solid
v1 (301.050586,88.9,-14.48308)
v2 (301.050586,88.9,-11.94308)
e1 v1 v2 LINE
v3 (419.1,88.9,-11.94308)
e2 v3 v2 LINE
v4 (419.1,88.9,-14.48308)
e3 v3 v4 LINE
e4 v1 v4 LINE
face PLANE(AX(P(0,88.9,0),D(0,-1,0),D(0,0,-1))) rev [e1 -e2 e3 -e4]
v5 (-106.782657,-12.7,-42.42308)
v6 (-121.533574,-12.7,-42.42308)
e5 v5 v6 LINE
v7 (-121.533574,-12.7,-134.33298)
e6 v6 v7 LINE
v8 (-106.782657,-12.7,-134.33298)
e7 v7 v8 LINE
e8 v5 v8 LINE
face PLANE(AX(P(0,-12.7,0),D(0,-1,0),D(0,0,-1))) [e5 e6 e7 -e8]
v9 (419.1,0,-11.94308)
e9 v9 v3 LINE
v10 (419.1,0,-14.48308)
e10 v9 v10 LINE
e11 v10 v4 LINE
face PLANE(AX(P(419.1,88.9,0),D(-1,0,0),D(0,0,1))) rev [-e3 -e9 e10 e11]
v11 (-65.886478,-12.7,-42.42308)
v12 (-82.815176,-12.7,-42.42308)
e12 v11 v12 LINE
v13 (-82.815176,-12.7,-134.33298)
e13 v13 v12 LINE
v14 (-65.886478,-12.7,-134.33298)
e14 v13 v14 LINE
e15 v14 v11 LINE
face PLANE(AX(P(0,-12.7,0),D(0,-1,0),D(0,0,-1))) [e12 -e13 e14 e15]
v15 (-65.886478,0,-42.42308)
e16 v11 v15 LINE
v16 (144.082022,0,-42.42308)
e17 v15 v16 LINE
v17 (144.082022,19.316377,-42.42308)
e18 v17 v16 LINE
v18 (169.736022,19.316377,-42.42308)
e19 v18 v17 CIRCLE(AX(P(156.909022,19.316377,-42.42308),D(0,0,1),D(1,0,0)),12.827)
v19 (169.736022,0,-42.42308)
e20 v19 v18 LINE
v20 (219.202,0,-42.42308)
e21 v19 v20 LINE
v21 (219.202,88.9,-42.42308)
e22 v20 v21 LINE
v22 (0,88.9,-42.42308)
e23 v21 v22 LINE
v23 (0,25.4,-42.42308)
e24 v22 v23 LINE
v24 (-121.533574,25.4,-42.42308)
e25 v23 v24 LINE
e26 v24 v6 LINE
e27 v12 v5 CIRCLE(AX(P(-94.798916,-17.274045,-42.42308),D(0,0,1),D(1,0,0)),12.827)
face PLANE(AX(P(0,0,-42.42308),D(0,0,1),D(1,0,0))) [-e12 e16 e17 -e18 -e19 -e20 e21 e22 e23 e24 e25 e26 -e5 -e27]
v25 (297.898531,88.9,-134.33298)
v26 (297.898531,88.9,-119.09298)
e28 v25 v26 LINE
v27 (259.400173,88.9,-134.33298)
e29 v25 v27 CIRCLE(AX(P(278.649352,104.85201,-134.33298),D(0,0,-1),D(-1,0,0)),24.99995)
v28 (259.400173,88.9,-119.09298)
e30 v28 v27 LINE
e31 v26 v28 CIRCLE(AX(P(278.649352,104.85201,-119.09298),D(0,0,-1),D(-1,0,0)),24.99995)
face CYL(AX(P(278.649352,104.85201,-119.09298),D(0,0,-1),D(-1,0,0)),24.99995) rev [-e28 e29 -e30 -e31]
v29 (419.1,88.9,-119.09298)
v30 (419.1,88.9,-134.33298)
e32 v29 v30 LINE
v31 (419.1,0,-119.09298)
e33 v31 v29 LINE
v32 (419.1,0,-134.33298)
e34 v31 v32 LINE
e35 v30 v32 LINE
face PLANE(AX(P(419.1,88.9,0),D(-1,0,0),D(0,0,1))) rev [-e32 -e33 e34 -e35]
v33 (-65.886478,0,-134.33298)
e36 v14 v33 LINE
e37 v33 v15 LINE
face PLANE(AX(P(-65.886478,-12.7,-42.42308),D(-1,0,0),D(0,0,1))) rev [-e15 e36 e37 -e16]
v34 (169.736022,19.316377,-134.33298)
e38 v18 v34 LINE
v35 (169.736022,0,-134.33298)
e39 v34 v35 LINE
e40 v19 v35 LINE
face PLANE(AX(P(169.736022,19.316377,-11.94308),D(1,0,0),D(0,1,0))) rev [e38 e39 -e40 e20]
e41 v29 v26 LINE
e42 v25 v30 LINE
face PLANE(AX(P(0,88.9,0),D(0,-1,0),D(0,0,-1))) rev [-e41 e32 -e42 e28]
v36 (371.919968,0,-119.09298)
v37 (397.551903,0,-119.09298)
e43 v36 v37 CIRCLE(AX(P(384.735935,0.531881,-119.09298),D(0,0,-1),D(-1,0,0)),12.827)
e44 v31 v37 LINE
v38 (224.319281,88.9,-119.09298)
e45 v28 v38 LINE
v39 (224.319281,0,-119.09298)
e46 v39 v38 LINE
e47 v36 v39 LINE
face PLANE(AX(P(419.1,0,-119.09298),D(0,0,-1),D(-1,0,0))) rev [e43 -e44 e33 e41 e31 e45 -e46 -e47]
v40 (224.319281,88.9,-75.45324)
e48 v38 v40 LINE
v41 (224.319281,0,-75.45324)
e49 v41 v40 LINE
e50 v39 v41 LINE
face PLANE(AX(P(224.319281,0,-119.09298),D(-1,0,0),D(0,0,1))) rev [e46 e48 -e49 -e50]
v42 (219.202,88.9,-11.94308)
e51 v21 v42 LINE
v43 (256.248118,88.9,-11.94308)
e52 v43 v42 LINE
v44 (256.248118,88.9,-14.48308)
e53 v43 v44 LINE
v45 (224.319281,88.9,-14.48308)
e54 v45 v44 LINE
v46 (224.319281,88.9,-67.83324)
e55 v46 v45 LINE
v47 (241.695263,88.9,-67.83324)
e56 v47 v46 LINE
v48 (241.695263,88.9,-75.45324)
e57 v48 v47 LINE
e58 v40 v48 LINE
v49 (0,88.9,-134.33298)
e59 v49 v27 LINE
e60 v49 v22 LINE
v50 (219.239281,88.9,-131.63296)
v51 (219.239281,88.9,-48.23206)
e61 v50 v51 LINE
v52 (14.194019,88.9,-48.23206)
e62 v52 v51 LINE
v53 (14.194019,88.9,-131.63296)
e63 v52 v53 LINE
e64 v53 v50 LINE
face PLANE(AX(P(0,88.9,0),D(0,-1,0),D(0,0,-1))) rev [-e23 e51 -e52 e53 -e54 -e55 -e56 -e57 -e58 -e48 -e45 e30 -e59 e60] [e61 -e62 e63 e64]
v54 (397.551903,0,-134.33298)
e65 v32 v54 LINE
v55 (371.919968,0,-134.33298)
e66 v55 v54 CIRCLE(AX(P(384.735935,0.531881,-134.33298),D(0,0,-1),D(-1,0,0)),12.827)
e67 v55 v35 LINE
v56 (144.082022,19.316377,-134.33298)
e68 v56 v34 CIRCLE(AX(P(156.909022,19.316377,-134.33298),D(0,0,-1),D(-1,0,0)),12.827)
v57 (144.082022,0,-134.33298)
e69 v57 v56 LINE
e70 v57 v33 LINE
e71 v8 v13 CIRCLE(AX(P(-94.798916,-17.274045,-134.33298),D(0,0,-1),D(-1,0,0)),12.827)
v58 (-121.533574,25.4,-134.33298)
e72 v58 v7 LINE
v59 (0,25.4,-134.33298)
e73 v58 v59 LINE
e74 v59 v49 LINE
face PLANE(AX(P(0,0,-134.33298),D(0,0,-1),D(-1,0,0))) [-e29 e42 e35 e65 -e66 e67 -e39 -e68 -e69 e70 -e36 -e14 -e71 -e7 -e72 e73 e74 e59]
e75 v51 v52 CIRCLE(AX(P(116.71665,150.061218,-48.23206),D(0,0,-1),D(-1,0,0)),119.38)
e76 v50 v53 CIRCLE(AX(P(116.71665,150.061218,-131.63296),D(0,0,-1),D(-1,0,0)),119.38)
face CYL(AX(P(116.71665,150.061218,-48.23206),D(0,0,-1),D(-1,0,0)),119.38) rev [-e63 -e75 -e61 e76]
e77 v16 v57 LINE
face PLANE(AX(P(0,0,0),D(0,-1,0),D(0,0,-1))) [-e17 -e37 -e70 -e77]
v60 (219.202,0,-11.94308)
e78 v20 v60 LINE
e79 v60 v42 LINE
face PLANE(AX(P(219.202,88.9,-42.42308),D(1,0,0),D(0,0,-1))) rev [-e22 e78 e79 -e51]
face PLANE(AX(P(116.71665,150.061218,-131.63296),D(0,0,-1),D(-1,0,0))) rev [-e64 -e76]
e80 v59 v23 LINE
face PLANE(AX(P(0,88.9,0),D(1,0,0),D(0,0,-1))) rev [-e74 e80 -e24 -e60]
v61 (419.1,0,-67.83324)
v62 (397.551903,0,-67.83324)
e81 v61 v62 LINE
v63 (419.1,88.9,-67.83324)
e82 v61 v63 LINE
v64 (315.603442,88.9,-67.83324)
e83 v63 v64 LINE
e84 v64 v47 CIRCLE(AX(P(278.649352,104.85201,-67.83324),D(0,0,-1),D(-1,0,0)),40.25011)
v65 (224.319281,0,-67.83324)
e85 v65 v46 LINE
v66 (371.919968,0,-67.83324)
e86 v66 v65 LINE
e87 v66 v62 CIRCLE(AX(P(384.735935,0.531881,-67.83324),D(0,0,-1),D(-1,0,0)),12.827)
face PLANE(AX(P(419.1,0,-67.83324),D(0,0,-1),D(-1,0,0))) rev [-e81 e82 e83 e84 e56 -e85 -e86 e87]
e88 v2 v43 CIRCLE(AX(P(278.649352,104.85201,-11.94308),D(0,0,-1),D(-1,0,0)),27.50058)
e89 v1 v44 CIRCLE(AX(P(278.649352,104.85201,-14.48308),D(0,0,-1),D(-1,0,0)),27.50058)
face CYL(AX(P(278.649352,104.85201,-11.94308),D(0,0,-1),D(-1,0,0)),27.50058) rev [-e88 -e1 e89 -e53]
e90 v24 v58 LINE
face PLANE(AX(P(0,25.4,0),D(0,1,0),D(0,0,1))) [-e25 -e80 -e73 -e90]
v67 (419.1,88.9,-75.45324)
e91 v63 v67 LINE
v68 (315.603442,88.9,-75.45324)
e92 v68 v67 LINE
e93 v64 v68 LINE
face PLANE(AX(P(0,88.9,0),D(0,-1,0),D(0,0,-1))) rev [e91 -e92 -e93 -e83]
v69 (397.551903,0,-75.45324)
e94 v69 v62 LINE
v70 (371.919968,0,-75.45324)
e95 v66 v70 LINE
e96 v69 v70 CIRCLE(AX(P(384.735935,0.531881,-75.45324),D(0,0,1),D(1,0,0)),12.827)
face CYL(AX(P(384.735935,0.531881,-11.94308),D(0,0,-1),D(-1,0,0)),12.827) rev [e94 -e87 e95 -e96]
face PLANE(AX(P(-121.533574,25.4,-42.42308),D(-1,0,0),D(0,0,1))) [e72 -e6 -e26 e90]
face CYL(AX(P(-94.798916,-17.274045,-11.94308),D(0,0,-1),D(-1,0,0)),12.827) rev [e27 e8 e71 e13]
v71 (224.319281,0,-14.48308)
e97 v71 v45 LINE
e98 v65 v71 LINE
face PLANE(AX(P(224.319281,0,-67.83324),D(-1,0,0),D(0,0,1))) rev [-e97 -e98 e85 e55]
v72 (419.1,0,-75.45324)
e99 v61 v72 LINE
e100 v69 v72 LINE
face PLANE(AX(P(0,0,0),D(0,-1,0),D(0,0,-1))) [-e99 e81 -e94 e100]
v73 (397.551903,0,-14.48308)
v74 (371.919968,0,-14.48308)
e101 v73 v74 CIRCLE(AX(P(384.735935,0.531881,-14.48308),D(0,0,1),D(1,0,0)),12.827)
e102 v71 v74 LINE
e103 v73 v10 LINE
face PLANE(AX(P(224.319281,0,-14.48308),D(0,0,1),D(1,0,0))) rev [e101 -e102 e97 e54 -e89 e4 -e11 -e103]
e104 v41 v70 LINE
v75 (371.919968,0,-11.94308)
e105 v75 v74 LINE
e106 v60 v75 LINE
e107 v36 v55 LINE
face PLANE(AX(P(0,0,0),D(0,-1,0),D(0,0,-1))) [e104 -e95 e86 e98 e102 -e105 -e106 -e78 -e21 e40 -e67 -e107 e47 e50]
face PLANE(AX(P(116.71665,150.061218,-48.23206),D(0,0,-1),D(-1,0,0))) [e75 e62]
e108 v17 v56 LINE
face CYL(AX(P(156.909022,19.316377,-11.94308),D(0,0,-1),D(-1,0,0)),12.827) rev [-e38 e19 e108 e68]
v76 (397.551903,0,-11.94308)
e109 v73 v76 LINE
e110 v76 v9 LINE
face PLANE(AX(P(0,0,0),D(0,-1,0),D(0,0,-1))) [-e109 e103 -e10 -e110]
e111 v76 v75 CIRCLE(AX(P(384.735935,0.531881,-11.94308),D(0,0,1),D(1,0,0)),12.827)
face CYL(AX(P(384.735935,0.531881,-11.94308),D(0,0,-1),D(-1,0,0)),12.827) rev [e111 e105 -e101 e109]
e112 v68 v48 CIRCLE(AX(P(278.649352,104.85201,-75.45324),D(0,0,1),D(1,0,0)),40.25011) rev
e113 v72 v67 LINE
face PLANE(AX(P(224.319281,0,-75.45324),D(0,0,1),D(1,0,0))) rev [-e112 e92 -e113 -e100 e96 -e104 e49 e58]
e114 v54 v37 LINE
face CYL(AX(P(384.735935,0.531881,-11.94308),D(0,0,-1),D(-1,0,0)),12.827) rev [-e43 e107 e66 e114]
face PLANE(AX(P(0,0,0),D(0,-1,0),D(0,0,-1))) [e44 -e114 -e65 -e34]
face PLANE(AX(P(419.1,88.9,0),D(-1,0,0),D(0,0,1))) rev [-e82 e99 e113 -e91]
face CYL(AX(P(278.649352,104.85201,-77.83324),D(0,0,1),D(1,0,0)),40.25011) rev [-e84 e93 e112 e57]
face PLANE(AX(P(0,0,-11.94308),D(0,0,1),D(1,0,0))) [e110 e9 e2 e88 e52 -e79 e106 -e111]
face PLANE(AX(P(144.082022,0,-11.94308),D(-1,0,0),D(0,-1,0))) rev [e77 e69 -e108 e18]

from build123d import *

# Parameters (mm, degrees)
SKETCH1_W           = 419.1
SKETCH1_H           = 142.18412
BOSS_EXTRUDE1_DEPTH = 88.9
SKETCH2_R           = 119.38
CUT_EXTRUDE1_DEPTH  = 83.4009
SKETCH7_W           = 194.780719179
SKETCH7_H           = 43.63974
SKETCH7_H_2         = 53.35016
CUT_EXTRUDE2_DEPTH  = 452.402640644
SKETCH3_R           = 24.99995
CUT_EXTRUDE3_DEPTH  = 15.24
SKETCH4_R           = 40.25011
CUT_EXTRUDE4_DEPTH  = 10
SKETCH5_R           = 27.50058
CUT_EXTRUDE5_DEPTH  = 2.54
SKETCH8_W           = 419.1
SKETCH8_H           = 88.9
CUT_EXTRUDE6_DEPTH  = 7.85114
SKETCH9_W           = 419.1
SKETCH9_H           = 88.9
CUT_EXTRUDE7_DEPTH  = 11.94308
SKETCH10_W          = 219.202
SKETCH10_H          = 88.9
CUT_EXTRUDE8_DEPTH  = 30.48
SKETCH12_W          = 121.533574186
SKETCH12_H          = 91.9099
BOSS_EXTRUDE2_DEPTH = 25.4
SKETCH14_W          = 55.647095764
SKETCH14_H          = 91.9099
BOSS_EXTRUDE3_DEPTH = 12.7
SKETCH17_R          = 12.827
CUT_EXTRUDE10_DEPTH = 446.564033133


with BuildPart() as part:
    # Sketch1 → Boss-Extrude1 (new body)
    with BuildSketch(Plane(origin=(0, 0, 0), x_dir=(1, 0, 0), z_dir=(0, 1, 0))):
        with Locations((209.55, 71.09206)):
            Rectangle(SKETCH1_W, SKETCH1_H)
    extrude(amount=BOSS_EXTRUDE1_DEPTH)

    # Sketch2 → Cut-Extrude1 (cut)
    with BuildSketch(Plane(origin=(0, 0, -131.63296), x_dir=(-1, 0, 0), z_dir=(0, 0, -1))):
        with Locations((-116.7166499, 150.061217688)):
            Circle(SKETCH2_R)
    extrude(amount=-CUT_EXTRUDE1_DEPTH, mode=Mode.SUBTRACT)

    # Sketch7 → Cut-Extrude2 (cut, through all)
    with BuildSketch(Plane(origin=(0, 88.9, 0), x_dir=(1, 0, 0), z_dir=(0, 1, 0))):
        with Locations((321.709640411, 97.27311)):
            Rectangle(SKETCH7_W, SKETCH7_H)
        with Locations((321.709640411, 41.15816)):
            Rectangle(SKETCH7_W, SKETCH7_H_2)
    extrude(amount=-CUT_EXTRUDE2_DEPTH, mode=Mode.SUBTRACT)

    # Sketch3 → Cut-Extrude3 (cut)
    with BuildSketch(Plane(origin=(0, 0, -134.33298), x_dir=(-1, 0, 0), z_dir=(0, 0, -1))):
        with Locations((-278.649352085, 104.852009966)):
            Circle(SKETCH3_R)
    extrude(amount=-CUT_EXTRUDE3_DEPTH, mode=Mode.SUBTRACT)

    # Sketch4 → Cut-Extrude4 (cut)
    with BuildSketch(Plane(origin=(0, 0, -67.83324), x_dir=(-1, 0, 0), z_dir=(0, 0, -1))):
        with Locations((-278.649352085, 104.852009966)):
            Circle(SKETCH4_R)
    extrude(amount=CUT_EXTRUDE4_DEPTH, mode=Mode.SUBTRACT)

    # Sketch5 → Cut-Extrude5 (cut)
    with BuildSketch(Plane(origin=(0, 0, -14.48308), x_dir=(-1, 0, 0), z_dir=(0, 0, -1))):
        with Locations((-278.649352085, 104.852009966)):
            Circle(SKETCH5_R)
    extrude(amount=-CUT_EXTRUDE5_DEPTH, mode=Mode.SUBTRACT)

    # Sketch8 → Cut-Extrude6 (cut)
    with BuildSketch(Plane(origin=(0, 0, -142.18412), x_dir=(-1, 0, 0), z_dir=(0, 0, -1))):
        with Locations((-209.55, 44.45)):
            Rectangle(SKETCH8_W, SKETCH8_H)
    extrude(amount=-CUT_EXTRUDE6_DEPTH, mode=Mode.SUBTRACT)

    # Sketch9 → Cut-Extrude7 (cut)
    with BuildSketch(Plane.XY):
        with Locations((209.55, 44.45)):
            Rectangle(SKETCH9_W, SKETCH9_H)
    extrude(amount=-CUT_EXTRUDE7_DEPTH, mode=Mode.SUBTRACT)

    # Sketch10 → Cut-Extrude8 (cut)
    with BuildSketch(Plane.XY.offset(-11.94308)):
        with Locations((109.601, 44.45)):
            Rectangle(SKETCH10_W, SKETCH10_H)
    extrude(amount=-CUT_EXTRUDE8_DEPTH, mode=Mode.SUBTRACT)

    # Sketch12 → Boss-Extrude2 (add)
    with BuildSketch(Plane.XZ):
        with Locations((-60.766787093, -88.37803)):
            Rectangle(SKETCH12_W, SKETCH12_H)
    extrude(amount=-BOSS_EXTRUDE2_DEPTH)

    # Sketch14 → Boss-Extrude3 (add)
    with BuildSketch(Plane.XZ):
        with Locations((-93.710026304, -88.37803)):
            Rectangle(SKETCH14_W, SKETCH14_H)
    extrude(amount=BOSS_EXTRUDE3_DEPTH)

    # Sketch17 → Cut-Extrude10 (cut, through all)
    with BuildSketch(Plane(origin=(0, 0, -134.33298), x_dir=(-1, 0, 0), z_dir=(0, 0, -1))):
        with Locations((-384.735935495, 0.531880938)):
            Circle(SKETCH17_R)
        with Locations((94.798916194, -17.274045482)):
            Circle(SKETCH17_R)
        with BuildLine():
            Line((-169.736021607, 19.31637742), (-169.736021607, 0))
            Line((-169.736021607, 0), (-144.082021607, 0))
            Line((-144.082021607, 0), (-144.082021607, 19.31637742))
            ThreePointArc((-144.082021607, 19.31637742), (-156.909021607, 32.14337742), (-169.736021607, 19.31637742))
        make_face()
    extrude(amount=-CUT_EXTRUDE10_DEPTH, mode=Mode.SUBTRACT)


solid = part.part
